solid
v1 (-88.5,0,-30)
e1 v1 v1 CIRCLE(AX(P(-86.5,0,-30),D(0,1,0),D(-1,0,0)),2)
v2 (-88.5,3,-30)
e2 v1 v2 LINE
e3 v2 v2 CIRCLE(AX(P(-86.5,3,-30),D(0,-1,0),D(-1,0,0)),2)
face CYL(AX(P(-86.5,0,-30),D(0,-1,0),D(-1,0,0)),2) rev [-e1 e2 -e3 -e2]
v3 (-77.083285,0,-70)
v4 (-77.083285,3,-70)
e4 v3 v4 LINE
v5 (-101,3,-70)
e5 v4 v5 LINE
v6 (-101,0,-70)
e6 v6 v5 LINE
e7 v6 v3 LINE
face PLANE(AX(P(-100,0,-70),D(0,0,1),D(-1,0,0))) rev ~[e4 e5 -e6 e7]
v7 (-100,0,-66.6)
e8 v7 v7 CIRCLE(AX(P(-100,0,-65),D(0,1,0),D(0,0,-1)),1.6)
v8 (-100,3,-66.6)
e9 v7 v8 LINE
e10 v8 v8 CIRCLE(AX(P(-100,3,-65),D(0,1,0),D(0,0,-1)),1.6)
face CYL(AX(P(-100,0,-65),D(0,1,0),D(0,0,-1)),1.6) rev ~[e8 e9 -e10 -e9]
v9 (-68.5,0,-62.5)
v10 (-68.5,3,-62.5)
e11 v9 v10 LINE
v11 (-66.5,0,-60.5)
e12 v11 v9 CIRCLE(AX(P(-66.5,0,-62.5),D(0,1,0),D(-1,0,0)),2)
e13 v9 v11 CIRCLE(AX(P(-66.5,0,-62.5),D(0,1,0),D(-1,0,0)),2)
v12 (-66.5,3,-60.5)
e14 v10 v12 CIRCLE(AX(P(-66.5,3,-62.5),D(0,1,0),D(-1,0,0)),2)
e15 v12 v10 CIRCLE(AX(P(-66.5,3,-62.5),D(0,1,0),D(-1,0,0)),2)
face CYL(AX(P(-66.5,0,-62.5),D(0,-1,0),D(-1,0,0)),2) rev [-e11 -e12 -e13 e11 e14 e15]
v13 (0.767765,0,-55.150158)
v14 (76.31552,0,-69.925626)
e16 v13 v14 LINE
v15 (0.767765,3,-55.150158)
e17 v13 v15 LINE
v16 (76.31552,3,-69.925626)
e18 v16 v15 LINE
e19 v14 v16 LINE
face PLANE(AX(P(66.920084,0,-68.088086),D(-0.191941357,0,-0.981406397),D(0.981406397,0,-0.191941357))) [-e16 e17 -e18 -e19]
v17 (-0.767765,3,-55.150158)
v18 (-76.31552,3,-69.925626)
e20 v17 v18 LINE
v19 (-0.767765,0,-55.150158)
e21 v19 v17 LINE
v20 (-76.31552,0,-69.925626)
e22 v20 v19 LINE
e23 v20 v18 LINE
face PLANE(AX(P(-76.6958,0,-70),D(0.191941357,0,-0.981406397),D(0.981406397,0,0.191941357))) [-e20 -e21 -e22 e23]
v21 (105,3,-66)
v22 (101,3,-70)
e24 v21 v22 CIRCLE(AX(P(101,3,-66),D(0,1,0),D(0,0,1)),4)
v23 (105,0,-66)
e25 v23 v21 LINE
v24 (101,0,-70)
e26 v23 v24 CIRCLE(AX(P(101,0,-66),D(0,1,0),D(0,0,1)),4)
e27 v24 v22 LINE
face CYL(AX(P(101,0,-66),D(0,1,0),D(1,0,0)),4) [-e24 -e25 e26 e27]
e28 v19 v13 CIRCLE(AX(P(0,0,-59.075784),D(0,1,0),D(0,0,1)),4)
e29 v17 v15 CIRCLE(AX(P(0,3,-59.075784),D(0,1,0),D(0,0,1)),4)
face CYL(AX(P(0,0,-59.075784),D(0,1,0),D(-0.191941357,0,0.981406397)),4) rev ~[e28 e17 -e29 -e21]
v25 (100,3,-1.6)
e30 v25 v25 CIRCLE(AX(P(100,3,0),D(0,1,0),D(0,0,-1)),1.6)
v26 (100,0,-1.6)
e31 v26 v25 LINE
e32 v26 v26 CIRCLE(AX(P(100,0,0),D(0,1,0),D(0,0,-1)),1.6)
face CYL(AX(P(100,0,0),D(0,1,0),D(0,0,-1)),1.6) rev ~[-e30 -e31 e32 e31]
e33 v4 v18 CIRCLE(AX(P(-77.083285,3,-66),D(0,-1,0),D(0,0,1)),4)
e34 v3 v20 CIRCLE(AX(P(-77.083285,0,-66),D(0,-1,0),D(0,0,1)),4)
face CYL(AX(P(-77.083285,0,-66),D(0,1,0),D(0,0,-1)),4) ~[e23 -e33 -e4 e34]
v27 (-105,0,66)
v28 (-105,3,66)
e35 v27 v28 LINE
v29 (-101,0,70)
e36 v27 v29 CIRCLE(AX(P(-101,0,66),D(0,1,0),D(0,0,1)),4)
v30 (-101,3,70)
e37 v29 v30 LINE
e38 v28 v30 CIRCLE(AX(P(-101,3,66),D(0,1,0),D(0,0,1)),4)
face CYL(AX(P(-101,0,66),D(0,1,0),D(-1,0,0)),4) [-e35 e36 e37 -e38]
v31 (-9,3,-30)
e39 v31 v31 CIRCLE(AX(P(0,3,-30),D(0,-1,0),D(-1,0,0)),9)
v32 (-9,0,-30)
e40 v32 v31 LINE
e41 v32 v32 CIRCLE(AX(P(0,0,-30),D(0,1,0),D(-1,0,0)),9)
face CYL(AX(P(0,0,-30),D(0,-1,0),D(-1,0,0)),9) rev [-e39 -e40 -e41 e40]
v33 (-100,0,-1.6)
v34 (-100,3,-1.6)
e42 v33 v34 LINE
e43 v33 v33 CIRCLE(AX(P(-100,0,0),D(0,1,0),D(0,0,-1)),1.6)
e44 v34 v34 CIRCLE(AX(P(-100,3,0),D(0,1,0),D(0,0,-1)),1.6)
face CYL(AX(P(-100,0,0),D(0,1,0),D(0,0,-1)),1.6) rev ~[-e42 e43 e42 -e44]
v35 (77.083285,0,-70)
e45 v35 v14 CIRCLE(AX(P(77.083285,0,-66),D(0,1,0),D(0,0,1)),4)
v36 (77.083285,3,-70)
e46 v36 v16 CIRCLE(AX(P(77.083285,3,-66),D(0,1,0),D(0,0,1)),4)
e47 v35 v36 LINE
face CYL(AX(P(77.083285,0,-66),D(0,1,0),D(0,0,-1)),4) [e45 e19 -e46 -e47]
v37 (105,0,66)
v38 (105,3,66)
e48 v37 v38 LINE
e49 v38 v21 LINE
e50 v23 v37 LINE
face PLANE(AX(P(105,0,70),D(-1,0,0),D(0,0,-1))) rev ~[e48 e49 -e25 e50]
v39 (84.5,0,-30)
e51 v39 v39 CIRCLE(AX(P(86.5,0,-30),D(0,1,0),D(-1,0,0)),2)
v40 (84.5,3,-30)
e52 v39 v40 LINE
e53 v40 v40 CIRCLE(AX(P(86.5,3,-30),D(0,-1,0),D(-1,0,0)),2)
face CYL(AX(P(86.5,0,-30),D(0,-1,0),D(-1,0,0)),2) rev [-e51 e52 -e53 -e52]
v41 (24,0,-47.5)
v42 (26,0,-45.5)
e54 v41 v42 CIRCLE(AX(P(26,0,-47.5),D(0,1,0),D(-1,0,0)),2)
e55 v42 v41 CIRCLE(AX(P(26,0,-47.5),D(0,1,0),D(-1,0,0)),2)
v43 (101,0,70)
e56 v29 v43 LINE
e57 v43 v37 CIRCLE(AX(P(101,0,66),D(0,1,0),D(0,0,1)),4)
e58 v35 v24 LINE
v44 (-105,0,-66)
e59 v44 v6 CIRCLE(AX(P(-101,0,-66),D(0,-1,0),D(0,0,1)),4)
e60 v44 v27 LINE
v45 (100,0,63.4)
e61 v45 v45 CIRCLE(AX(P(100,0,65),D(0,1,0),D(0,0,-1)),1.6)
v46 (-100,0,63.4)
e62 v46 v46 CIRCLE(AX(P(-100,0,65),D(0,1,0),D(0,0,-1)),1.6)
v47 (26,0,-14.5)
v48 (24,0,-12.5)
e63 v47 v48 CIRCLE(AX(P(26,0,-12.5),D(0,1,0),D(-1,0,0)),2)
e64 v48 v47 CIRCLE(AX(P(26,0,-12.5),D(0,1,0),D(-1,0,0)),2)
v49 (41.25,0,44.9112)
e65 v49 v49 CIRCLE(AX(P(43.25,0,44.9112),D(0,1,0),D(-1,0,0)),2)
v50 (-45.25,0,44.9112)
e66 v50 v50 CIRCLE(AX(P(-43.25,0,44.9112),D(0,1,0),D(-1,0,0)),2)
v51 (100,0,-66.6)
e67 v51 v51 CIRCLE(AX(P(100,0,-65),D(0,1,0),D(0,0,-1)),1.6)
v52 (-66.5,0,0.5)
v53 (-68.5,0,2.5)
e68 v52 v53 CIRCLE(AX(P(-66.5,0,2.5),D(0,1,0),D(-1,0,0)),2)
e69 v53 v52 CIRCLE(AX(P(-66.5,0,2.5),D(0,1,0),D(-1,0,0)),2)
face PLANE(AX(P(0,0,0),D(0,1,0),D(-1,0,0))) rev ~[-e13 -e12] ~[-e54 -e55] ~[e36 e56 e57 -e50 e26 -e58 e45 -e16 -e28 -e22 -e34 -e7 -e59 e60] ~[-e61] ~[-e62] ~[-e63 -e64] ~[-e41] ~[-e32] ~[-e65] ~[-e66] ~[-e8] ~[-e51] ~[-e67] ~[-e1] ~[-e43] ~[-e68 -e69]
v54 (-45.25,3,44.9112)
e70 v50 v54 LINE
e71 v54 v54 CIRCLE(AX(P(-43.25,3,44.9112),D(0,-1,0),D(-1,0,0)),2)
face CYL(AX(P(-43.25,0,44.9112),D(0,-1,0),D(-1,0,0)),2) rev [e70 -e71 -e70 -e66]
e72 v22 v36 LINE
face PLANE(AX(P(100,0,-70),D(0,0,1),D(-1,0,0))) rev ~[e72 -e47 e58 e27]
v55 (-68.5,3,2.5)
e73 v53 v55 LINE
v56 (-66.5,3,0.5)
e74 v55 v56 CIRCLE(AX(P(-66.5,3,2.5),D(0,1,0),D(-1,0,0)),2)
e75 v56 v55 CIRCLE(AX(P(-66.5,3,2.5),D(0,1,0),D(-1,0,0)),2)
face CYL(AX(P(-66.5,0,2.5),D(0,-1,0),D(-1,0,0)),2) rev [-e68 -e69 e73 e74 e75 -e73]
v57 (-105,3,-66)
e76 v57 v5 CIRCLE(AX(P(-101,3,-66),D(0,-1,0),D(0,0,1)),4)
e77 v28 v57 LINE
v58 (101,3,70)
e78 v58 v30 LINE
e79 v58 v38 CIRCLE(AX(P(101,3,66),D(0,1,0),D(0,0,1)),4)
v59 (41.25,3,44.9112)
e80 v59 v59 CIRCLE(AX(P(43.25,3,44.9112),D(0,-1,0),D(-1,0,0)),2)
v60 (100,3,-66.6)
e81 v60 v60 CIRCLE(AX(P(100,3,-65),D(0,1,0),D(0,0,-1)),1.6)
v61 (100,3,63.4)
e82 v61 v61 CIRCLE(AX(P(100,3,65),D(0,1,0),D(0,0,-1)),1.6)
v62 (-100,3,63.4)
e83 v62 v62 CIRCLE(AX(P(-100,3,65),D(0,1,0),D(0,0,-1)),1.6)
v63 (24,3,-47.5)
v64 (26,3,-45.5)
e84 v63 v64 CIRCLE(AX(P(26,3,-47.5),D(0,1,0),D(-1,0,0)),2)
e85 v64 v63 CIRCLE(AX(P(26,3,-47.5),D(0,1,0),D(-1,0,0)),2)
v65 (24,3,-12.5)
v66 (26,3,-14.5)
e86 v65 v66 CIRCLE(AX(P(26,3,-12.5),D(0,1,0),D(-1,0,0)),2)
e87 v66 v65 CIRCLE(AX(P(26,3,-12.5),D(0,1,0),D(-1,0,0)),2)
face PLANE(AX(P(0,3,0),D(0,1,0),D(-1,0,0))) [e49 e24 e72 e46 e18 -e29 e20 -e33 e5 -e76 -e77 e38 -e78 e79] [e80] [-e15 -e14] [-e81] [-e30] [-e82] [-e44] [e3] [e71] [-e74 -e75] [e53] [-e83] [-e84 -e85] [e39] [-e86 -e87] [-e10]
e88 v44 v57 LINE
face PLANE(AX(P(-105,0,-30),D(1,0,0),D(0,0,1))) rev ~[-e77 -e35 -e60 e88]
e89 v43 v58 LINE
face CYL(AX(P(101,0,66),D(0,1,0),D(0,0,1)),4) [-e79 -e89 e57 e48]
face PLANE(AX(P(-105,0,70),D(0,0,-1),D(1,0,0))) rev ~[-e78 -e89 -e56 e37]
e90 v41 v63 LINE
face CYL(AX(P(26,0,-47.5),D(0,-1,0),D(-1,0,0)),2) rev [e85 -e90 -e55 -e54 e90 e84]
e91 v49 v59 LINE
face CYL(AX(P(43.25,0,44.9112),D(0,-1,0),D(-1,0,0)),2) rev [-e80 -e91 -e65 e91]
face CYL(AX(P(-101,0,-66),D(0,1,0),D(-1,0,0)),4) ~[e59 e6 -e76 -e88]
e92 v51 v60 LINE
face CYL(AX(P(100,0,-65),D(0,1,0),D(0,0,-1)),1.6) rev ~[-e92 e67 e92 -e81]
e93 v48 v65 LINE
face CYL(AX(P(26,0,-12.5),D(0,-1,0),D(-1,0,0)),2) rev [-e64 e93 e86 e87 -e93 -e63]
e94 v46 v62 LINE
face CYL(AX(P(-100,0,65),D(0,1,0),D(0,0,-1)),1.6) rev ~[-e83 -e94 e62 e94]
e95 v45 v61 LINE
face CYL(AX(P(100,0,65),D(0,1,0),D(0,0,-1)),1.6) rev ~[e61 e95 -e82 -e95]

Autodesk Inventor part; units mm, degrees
ref_plane "YZ Plane" through (0, 0, 0) normal (1, 0, 0) x (0, 1, 0)
ref_plane "XZ Plane" through (0, 0, 0) normal (0, 1, 0) x (-1, 0, 0)
ref_plane "XY Plane" through (0, 0, 0) normal (0, 0, 1) x (1, 0, 0)
sketch "スケッチ1" plane through (0, 0, 0) normal (0, 1, 0) x (-1, 0, 0)
  line L0 (105, 70) -> (-105, 70)
  line L1 (-105, 70) -> (-105, -70)
  line L2 (-105, -70) -> (105, -70)
  line L3 (105, -70) -> (105, 70)
  line L4 (105, 70) -> (-105, -70) construction
  line L5 (-105, 70) -> (105, -70) construction
  circle A0 centre (0, -30) radius 77
  circle A1 centre (0, -30) radius 9
  line L6 (-105, -30) -> (105, -30)
  circle A2 centre (48, -30) radius 12.5
  circle A3 centre (-39, -30) radius 6
  circle A4 centre (48, -30) radius 17.5
  circle A5 centre (-39, -30) radius 9
  circle A6 centre (0, -30) radius 86.5
  line L7 (66.5, -30) -> (66.5, -62.5)
  line L8 (66.5, -30) -> (66.5, 2.5)
  line L9 (-26, -30) -> (-26, -47.5)
  line L10 (-26, -30) -> (-26, -12.5)
  circle A7 centre (65.5, -30) radius 2
  circle A8 centre (48, -12.5) radius 2
  circle A9 centre (30.5, -30) radius 2
  circle A10 centre (48, -47.5) radius 2
  circle A11 centre (-39, -39) radius 1.6
  circle A12 centre (-39, -21) radius 1.6
  circle A13 centre (-26, -47.5) radius 2
  circle A14 centre (-26, -12.5) radius 2
  circle A15 centre (66.5, -62.5) radius 2
  circle A16 centre (66.5, 2.5) radius 2
  circle A17 centre (86.5, -30) radius 2
  circle A18 centre (43.25, 44.9112) radius 2
  circle A19 centre (-43.25, 44.9112) radius 2
  circle A20 centre (-86.5, -30) radius 2
  line L11 (76.6958, -70) -> (0, -55)
  line L12 (0, -55) -> (-76.6958, -70)
  line L13 (100, -70) -> (100, 70)
  line L14 (-100, -70) -> (-100, 70)
  point P0 (0, 0)
  point P1 (-43.25, -104.9112)
  point P2 (43.25, -104.9112)
  point P3 (100, -65)
  point P4 (100, 0)
  point P5 (100, 65)
  point P6 (-100, -65)
  point P7 (-100, 0)
  point P8 (-100, 65)
  dimension "d9" = 35
  dimension "d0" = 210
  dimension "d1" = 140
  dimension "d2" = 100
  dimension "d3" = 154
  dimension "d4" = 18
  dimension "d5" = 48
  dimension "d6" = 39
  dimension "d7" = 25
  dimension "d8" = 12
  dimension "d10" = 18
  dimension "d11" = 173
  dimension "d14" = 360
  dimension "d16" = 18.5
  dimension "d17" = 32.5
  dimension "d18" = 32.5
  dimension "d20" = 13
  dimension "d21" = 17.5
  dimension "d22" = 17.5
  dimension "d25" = 360
  dimension "d27" = 4
  dimension "d28" = 4
  dimension "d29" = 4
  dimension "d30" = 4
  dimension "d31" = 3.2
  dimension "d32" = 3.2
  dimension "d33" = 4
  dimension "d34" = 4
  dimension "d35" = 4
  dimension "d36" = 4
  dimension "d37" = 4
  dimension "d38" = 4
  dimension "d39" = 4
  dimension "d40" = 4
  dimension "d41" = 15
  dimension "d45" = 5
  dimension "d46" = 5
  dimension "d47" = 5
  dimension "d48" = 5
  dimension "d49" = 5
  dimension "d50" = 5
  dimension "d51" = 5
  dimension "d52" = 5
extrude "押し出し1" add sketch "スケッチ1" along normal blind 3 contours L3 L6 L13 L0 | L13 L6 A17 A6 A18 A19 A20 L14 L0 | L3 L2 L13 L6 | L14 L6 L1 L0 | L13 L2 A6 A17 L6 | L14 L2 L1 L6 | L6 A20 A6 L2 L14 | A17 L6 A0 A20 A6 A19 A18 | A6 L11 A0 L6 A17 | A20 L6 A0 L12 A6 | L11 L12 A0 L6 A5 A11 A1 A9 A4 A10 A7 | L6 A7 A4 A8 A9 A1 A5 A12 A0 | A7 L7 L6 | L6 L8 A7 | A5 A12 L6 A3 | L6 A3 A5 A11 | L7 A7 A4 L6 | L6 A4 A7 L8 | A3 L6 | L6 A3 | A12 A5 | A5 A12 | A11 A5 | A5 A11 | A4 A7 L6 | L6 A7 A4 | A7 L6 A2 A9 A4 A8 | A4 A10 A9 L6 A2 A7 | A8 A4 | A4 A8 | A10 A4 | A4 A10 | A2 L6 | L6 A2 | A9 L6 A4 | A4 L6 A9 | A9 L6 A4 | A4 L6 A9
fillet "フィレット1" radius 4 7 edges at (-105, 1.5, 70) (-105, 1.5, -70) (-76.6958, 1.5, -70) (0, 1.5, -55) (76.6958, 1.5, -70) (105, 1.5, -70) (105, 1.5, 70)
hole "穴1" at (-100, 0, 65) at (-100, 0, 0) at (-100, 0, -65) at (100, 0, -65) at (100, 0, 0) at (100, 0, 65) direction (0, 1, 0) diameter 3.2 end through all
sketch "スケッチ3" plane through (0, 3, 0) normal (0, 1, 0) x (1, 0, 0)
  circle A0 centre (100, -65) radius 1.6 projected
  circle A1 centre (100, 0) radius 1.6 projected
  circle A2 centre (100, 65) radius 1.6 projected
  circle A3 centre (-100, 65) radius 1.6 projected
  circle A4 centre (-100, 0) radius 1.6 projected
  circle A5 centre (-100, -65) radius 1.6 projected
  arc A6 (101, -70) -> (105, -66) centre (101, -66) ccw projected
  line L0 (105, -66) -> (105, 66) projected
  arc A7 (105, 66) -> (101, 70) centre (101, 66) ccw projected
  line L1 (101, 70) -> (77.0833, 70) projected
  arc A8 (77.0833, 70) -> (76.3155, 69.9256) centre (77.0833, 66) ccw projected
  line L2 (76.3155, 69.9256) -> (0.7678, 55.1502) projected
  arc A9 (-0.7678, 55.1502) -> (0.7678, 55.1502) centre (0, 59.0758) ccw projected
  line L3 (-0.7678, 55.1502) -> (-76.3155, 69.9256) projected
  arc A10 (-76.3155, 69.9256) -> (-77.0833, 70) centre (-77.0833, 66) ccw projected
  line L4 (-77.0833, 70) -> (-101, 70) projected
  arc A11 (-101, 70) -> (-105, 66) centre (-101, 66) ccw projected
  line L5 (-105, 66) -> (-105, -66) projected
  arc A12 (-105, -66) -> (-101, -70) centre (-101, -66) ccw projected
  line L6 (-101, -70) -> (101, -70) projected
  circle A13 centre (43.25, -44.9112) radius 2 projected
  circle A14 centre (-43.25, -44.9112) radius 2 projected
  circle A15 centre (-86.5, 30) radius 2 projected
  circle A16 centre (-66.5, 62.5) radius 2 projected
  circle A17 centre (-66.5, -2.5) radius 2 projected
  circle A18 centre (0, 30) radius 9 projected
  circle A19 centre (26, 47.5) radius 2 projected
  circle A20 centre (26, 12.5) radius 2 projected
  circle A21 centre (86.5, 30) radius 2 projected
  point P0 (0, 0)
properties part number "ローラー_板"
